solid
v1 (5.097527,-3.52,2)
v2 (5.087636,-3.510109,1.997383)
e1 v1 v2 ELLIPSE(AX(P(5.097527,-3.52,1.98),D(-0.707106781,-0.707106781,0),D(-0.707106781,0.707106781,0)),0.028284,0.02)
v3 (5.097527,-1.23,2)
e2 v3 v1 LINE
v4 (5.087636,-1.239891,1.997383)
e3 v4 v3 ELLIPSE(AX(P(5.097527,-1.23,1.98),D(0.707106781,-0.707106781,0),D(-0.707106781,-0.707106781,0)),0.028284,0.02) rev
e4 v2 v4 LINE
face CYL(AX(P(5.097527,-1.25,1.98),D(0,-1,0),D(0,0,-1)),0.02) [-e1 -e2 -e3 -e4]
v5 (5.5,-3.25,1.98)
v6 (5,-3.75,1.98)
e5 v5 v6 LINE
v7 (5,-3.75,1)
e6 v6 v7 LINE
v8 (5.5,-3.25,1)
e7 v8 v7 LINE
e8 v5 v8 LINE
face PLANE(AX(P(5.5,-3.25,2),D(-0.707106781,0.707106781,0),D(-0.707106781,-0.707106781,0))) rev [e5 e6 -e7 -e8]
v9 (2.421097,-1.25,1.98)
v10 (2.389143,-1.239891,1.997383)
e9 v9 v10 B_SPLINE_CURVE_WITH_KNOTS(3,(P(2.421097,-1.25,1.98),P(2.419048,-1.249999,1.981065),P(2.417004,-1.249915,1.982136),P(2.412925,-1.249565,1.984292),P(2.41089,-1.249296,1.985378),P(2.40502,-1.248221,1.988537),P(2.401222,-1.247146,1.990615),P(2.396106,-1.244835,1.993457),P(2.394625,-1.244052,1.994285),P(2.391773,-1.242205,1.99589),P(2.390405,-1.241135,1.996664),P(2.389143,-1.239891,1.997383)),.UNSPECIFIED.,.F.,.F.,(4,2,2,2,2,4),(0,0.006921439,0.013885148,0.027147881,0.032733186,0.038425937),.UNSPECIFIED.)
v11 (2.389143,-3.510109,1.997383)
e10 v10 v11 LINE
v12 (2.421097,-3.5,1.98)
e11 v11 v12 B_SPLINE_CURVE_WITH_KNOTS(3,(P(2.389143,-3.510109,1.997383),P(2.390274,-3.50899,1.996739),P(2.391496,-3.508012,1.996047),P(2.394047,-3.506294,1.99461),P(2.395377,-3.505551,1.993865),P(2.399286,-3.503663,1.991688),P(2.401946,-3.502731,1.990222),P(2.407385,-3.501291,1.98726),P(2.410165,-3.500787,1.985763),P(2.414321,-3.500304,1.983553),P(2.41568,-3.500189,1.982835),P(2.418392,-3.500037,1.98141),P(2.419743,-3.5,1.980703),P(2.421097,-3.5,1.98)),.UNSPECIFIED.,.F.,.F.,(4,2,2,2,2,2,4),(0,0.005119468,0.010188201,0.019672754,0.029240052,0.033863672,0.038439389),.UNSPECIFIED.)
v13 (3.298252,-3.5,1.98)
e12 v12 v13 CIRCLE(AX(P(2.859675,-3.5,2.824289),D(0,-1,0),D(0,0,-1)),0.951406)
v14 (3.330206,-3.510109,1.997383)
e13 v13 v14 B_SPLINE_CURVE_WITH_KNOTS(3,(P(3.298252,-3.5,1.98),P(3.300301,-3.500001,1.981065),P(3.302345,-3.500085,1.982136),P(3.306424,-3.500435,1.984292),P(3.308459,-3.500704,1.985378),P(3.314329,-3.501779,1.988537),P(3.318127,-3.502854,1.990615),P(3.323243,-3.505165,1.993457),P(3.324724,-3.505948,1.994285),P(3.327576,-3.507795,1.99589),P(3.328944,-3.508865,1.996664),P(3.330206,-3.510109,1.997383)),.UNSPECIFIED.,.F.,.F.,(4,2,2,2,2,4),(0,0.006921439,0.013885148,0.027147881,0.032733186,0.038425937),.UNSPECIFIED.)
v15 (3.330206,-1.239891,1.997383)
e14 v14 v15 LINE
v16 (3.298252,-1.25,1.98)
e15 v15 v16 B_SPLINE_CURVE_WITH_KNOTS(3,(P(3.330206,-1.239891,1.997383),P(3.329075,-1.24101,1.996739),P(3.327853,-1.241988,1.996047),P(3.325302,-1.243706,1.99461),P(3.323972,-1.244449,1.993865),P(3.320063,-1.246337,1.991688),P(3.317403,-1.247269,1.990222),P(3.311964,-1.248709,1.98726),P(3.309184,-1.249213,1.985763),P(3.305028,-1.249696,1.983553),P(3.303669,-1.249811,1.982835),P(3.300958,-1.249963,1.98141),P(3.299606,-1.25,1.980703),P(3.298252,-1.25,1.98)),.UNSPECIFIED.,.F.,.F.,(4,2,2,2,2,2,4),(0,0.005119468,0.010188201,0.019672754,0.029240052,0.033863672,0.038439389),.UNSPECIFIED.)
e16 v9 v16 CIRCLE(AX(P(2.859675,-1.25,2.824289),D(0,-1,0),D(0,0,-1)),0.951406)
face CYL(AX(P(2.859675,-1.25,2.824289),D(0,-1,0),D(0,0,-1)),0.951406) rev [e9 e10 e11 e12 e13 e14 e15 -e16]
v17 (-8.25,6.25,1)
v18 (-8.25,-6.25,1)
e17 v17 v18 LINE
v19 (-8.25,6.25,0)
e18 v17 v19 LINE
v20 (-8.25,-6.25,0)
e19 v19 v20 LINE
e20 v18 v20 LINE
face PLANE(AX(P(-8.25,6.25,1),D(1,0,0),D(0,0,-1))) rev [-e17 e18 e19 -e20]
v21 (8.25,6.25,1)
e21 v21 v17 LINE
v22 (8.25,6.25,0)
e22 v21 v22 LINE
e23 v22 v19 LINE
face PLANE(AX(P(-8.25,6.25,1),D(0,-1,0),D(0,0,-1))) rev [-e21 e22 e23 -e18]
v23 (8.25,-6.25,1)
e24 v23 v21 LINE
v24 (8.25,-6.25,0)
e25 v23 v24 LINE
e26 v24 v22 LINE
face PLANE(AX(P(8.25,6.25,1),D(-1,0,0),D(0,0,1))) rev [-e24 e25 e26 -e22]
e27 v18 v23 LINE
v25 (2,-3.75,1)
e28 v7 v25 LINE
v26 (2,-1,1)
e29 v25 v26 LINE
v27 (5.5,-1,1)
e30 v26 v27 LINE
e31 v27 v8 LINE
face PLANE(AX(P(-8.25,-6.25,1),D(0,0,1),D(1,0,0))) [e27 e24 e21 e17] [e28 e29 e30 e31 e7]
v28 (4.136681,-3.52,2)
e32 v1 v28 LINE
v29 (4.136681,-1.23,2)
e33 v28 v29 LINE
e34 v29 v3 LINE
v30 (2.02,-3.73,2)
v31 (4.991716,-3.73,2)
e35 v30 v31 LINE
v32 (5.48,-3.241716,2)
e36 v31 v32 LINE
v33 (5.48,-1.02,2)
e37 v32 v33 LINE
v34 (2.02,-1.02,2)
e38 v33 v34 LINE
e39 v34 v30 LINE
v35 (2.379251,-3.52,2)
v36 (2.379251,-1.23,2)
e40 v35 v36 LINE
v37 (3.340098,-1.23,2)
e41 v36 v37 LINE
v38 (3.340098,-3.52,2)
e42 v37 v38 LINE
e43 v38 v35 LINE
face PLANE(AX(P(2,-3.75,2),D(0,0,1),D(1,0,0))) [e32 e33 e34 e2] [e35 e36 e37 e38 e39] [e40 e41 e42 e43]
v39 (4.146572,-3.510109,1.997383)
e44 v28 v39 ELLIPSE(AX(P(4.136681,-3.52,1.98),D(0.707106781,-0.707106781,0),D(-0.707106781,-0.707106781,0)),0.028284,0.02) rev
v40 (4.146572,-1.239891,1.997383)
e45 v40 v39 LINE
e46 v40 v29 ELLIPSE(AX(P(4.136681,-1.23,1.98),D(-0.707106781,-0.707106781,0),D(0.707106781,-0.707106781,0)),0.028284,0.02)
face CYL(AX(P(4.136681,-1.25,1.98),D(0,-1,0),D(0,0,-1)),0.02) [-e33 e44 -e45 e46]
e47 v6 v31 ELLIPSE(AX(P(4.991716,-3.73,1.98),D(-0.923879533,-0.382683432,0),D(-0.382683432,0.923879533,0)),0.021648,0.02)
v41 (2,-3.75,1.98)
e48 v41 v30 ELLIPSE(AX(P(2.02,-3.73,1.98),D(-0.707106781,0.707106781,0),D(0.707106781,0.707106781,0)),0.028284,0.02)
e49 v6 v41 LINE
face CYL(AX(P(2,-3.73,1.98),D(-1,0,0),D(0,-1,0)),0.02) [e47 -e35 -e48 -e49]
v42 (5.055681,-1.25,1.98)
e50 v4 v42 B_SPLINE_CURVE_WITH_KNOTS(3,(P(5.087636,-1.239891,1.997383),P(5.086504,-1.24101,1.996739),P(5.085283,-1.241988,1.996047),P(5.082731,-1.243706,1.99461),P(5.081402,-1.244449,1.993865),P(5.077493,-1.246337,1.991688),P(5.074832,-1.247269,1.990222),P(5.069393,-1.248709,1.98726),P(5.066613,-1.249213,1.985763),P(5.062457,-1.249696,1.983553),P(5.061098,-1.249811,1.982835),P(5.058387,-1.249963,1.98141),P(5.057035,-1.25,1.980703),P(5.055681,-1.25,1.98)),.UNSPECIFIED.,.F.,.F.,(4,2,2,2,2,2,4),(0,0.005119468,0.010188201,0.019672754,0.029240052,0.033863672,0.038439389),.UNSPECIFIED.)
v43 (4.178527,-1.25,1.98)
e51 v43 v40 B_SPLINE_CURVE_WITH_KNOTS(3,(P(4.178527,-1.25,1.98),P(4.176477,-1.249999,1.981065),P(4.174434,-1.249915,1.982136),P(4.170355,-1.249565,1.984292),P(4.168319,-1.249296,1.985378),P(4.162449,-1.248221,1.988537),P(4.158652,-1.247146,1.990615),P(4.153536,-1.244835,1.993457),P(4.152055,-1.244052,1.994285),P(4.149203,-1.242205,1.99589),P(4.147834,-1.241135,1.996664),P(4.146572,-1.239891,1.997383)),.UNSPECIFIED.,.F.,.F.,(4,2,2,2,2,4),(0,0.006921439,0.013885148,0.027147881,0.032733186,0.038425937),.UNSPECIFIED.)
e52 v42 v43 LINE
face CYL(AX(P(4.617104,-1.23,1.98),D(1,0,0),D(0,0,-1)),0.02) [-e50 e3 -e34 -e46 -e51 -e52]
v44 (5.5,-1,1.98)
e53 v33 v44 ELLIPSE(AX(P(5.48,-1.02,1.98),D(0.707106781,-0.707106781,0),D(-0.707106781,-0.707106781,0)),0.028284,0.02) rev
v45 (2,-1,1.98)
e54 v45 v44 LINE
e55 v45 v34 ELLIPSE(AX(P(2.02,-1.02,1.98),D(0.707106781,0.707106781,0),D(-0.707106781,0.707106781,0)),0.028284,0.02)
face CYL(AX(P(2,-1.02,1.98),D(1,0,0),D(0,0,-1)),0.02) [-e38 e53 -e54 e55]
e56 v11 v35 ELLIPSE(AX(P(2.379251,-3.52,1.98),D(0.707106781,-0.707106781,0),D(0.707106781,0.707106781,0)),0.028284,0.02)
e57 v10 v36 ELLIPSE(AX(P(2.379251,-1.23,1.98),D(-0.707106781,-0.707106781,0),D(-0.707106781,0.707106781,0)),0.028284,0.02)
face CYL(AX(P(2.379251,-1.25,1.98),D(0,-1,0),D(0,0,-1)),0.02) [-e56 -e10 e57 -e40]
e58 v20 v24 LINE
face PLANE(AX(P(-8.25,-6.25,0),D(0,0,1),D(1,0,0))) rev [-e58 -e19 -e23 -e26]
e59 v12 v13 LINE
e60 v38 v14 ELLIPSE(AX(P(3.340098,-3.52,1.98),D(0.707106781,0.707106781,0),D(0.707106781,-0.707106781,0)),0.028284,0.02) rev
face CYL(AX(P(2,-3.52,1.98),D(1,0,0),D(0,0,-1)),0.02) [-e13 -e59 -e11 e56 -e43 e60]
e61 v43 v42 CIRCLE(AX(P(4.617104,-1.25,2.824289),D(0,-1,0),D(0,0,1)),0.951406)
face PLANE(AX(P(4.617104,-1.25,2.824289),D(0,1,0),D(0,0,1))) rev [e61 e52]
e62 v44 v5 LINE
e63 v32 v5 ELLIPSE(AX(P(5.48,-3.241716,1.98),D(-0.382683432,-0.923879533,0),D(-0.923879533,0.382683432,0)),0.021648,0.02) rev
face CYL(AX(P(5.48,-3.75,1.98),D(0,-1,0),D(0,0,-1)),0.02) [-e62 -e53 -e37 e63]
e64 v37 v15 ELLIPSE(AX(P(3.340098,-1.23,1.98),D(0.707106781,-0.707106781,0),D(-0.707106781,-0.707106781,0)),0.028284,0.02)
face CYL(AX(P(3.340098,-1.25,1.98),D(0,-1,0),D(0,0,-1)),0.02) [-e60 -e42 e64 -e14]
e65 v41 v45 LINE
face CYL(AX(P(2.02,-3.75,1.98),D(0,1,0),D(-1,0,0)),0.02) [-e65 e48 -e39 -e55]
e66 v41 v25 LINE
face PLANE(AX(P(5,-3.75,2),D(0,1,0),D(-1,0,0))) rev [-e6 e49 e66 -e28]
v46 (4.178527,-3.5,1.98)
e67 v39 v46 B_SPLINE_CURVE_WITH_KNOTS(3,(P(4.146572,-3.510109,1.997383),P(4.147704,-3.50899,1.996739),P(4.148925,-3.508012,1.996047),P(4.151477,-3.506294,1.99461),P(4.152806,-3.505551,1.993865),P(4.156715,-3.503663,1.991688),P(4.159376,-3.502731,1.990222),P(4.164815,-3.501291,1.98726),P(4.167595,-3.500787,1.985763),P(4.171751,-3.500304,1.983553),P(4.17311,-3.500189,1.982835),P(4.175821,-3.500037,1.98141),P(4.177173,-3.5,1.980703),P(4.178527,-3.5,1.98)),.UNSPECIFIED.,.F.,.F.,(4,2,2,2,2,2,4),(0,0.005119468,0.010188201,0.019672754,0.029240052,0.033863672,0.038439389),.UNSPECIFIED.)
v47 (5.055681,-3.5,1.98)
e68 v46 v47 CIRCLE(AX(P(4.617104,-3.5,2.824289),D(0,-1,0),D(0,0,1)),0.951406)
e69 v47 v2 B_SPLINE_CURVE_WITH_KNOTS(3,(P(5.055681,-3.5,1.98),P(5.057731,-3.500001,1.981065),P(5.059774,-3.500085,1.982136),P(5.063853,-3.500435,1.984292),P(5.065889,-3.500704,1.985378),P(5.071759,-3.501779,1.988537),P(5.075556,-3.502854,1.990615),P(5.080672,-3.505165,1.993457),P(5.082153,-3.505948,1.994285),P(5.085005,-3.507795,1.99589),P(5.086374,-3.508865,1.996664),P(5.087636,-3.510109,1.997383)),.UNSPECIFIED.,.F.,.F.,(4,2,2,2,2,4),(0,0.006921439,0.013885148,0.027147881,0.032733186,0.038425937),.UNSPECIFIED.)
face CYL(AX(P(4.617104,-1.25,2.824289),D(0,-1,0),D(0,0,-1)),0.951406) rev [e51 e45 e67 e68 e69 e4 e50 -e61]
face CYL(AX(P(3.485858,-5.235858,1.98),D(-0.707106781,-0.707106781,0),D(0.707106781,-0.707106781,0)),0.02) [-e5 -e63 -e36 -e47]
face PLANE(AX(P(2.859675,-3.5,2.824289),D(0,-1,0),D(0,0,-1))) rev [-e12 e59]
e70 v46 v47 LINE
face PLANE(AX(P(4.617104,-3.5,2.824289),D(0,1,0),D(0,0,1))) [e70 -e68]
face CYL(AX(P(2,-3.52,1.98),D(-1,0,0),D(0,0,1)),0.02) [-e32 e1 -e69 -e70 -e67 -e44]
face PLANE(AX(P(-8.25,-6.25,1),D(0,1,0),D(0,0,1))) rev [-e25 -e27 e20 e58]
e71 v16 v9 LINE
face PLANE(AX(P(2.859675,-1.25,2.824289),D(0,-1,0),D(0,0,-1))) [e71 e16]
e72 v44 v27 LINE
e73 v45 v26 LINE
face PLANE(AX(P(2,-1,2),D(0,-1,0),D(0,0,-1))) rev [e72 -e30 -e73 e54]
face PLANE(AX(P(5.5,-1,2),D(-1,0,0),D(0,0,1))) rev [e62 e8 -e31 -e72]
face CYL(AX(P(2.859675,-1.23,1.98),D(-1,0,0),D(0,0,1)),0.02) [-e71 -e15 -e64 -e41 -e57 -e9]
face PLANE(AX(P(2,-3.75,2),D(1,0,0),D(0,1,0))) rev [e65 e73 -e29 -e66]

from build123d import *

# Parameters (mm, degrees)
ESQUISSE1_W             = 16.5
ESQUISSE1_H             = 12.5
EXTRUSION1_DEPTH        = 1
EXTRUSION2_DEPTH        = 2
ENL_V_MAT_EXTRU_1_DEPTH = 2.25
CONG_1_R                = 0.02


with BuildPart() as part:
    # Esquisse1 → Extrusion1 (new body)
    with BuildSketch(Plane.XY):
        Rectangle(ESQUISSE1_W, ESQUISSE1_H)
    extrude(amount=EXTRUSION1_DEPTH)

    # Esquisse3 → Extrusion2 (add)
    with BuildSketch(Plane.XY):
        Polygon((2, -1), (5.5, -1), (5.5, -3.25), (5, -3.75), (2, -3.75), align=None)
    extrude(amount=EXTRUSION2_DEPTH)

    # Esquisse4 → Enlèv. mat.-Extru.1 (cut)
    with BuildSketch(Plane.XZ.offset(3.5)):
        with BuildLine():
            Line((2.384572819, 2), (3.334776238, 2))
            ThreePointArc((3.334776238, 2), (2.859674528, 1.872882694), (2.384572819, 2))
        make_face()
        with BuildLine():
            Line((5.09220572, 2), (4.142002301, 2))
            ThreePointArc((4.142002301, 2), (4.61710401, 1.872882694), (5.09220572, 2))
        make_face()
    extrude(amount=-ENL_V_MAT_EXTRU_1_DEPTH, mode=Mode.SUBTRACT)

    # Congé1
    cong_1_edges = [part.edges().sort_by_distance(p)[0] for p in [
        (3.75, -1, 2),
        (5.5, -2.125, 2),
        (5.25, -3.5, 2),
        (3.5, -3.75, 2),
        (2, -2.375, 2),
        (4.61710401, -3.5, 2),
        (4.142002301, -2.375, 2),
        (4.61710401, -1.25, 2),
        (5.09220572, -2.375, 2),
        (2.384572819, -2.375, 2),
        (2.859674528, -1.25, 2),
        (3.334776238, -2.375, 2),
        (2.859674528, -3.5, 2),
    ]]
    fillet(cong_1_edges, radius=CONG_1_R)


solid = part.part
